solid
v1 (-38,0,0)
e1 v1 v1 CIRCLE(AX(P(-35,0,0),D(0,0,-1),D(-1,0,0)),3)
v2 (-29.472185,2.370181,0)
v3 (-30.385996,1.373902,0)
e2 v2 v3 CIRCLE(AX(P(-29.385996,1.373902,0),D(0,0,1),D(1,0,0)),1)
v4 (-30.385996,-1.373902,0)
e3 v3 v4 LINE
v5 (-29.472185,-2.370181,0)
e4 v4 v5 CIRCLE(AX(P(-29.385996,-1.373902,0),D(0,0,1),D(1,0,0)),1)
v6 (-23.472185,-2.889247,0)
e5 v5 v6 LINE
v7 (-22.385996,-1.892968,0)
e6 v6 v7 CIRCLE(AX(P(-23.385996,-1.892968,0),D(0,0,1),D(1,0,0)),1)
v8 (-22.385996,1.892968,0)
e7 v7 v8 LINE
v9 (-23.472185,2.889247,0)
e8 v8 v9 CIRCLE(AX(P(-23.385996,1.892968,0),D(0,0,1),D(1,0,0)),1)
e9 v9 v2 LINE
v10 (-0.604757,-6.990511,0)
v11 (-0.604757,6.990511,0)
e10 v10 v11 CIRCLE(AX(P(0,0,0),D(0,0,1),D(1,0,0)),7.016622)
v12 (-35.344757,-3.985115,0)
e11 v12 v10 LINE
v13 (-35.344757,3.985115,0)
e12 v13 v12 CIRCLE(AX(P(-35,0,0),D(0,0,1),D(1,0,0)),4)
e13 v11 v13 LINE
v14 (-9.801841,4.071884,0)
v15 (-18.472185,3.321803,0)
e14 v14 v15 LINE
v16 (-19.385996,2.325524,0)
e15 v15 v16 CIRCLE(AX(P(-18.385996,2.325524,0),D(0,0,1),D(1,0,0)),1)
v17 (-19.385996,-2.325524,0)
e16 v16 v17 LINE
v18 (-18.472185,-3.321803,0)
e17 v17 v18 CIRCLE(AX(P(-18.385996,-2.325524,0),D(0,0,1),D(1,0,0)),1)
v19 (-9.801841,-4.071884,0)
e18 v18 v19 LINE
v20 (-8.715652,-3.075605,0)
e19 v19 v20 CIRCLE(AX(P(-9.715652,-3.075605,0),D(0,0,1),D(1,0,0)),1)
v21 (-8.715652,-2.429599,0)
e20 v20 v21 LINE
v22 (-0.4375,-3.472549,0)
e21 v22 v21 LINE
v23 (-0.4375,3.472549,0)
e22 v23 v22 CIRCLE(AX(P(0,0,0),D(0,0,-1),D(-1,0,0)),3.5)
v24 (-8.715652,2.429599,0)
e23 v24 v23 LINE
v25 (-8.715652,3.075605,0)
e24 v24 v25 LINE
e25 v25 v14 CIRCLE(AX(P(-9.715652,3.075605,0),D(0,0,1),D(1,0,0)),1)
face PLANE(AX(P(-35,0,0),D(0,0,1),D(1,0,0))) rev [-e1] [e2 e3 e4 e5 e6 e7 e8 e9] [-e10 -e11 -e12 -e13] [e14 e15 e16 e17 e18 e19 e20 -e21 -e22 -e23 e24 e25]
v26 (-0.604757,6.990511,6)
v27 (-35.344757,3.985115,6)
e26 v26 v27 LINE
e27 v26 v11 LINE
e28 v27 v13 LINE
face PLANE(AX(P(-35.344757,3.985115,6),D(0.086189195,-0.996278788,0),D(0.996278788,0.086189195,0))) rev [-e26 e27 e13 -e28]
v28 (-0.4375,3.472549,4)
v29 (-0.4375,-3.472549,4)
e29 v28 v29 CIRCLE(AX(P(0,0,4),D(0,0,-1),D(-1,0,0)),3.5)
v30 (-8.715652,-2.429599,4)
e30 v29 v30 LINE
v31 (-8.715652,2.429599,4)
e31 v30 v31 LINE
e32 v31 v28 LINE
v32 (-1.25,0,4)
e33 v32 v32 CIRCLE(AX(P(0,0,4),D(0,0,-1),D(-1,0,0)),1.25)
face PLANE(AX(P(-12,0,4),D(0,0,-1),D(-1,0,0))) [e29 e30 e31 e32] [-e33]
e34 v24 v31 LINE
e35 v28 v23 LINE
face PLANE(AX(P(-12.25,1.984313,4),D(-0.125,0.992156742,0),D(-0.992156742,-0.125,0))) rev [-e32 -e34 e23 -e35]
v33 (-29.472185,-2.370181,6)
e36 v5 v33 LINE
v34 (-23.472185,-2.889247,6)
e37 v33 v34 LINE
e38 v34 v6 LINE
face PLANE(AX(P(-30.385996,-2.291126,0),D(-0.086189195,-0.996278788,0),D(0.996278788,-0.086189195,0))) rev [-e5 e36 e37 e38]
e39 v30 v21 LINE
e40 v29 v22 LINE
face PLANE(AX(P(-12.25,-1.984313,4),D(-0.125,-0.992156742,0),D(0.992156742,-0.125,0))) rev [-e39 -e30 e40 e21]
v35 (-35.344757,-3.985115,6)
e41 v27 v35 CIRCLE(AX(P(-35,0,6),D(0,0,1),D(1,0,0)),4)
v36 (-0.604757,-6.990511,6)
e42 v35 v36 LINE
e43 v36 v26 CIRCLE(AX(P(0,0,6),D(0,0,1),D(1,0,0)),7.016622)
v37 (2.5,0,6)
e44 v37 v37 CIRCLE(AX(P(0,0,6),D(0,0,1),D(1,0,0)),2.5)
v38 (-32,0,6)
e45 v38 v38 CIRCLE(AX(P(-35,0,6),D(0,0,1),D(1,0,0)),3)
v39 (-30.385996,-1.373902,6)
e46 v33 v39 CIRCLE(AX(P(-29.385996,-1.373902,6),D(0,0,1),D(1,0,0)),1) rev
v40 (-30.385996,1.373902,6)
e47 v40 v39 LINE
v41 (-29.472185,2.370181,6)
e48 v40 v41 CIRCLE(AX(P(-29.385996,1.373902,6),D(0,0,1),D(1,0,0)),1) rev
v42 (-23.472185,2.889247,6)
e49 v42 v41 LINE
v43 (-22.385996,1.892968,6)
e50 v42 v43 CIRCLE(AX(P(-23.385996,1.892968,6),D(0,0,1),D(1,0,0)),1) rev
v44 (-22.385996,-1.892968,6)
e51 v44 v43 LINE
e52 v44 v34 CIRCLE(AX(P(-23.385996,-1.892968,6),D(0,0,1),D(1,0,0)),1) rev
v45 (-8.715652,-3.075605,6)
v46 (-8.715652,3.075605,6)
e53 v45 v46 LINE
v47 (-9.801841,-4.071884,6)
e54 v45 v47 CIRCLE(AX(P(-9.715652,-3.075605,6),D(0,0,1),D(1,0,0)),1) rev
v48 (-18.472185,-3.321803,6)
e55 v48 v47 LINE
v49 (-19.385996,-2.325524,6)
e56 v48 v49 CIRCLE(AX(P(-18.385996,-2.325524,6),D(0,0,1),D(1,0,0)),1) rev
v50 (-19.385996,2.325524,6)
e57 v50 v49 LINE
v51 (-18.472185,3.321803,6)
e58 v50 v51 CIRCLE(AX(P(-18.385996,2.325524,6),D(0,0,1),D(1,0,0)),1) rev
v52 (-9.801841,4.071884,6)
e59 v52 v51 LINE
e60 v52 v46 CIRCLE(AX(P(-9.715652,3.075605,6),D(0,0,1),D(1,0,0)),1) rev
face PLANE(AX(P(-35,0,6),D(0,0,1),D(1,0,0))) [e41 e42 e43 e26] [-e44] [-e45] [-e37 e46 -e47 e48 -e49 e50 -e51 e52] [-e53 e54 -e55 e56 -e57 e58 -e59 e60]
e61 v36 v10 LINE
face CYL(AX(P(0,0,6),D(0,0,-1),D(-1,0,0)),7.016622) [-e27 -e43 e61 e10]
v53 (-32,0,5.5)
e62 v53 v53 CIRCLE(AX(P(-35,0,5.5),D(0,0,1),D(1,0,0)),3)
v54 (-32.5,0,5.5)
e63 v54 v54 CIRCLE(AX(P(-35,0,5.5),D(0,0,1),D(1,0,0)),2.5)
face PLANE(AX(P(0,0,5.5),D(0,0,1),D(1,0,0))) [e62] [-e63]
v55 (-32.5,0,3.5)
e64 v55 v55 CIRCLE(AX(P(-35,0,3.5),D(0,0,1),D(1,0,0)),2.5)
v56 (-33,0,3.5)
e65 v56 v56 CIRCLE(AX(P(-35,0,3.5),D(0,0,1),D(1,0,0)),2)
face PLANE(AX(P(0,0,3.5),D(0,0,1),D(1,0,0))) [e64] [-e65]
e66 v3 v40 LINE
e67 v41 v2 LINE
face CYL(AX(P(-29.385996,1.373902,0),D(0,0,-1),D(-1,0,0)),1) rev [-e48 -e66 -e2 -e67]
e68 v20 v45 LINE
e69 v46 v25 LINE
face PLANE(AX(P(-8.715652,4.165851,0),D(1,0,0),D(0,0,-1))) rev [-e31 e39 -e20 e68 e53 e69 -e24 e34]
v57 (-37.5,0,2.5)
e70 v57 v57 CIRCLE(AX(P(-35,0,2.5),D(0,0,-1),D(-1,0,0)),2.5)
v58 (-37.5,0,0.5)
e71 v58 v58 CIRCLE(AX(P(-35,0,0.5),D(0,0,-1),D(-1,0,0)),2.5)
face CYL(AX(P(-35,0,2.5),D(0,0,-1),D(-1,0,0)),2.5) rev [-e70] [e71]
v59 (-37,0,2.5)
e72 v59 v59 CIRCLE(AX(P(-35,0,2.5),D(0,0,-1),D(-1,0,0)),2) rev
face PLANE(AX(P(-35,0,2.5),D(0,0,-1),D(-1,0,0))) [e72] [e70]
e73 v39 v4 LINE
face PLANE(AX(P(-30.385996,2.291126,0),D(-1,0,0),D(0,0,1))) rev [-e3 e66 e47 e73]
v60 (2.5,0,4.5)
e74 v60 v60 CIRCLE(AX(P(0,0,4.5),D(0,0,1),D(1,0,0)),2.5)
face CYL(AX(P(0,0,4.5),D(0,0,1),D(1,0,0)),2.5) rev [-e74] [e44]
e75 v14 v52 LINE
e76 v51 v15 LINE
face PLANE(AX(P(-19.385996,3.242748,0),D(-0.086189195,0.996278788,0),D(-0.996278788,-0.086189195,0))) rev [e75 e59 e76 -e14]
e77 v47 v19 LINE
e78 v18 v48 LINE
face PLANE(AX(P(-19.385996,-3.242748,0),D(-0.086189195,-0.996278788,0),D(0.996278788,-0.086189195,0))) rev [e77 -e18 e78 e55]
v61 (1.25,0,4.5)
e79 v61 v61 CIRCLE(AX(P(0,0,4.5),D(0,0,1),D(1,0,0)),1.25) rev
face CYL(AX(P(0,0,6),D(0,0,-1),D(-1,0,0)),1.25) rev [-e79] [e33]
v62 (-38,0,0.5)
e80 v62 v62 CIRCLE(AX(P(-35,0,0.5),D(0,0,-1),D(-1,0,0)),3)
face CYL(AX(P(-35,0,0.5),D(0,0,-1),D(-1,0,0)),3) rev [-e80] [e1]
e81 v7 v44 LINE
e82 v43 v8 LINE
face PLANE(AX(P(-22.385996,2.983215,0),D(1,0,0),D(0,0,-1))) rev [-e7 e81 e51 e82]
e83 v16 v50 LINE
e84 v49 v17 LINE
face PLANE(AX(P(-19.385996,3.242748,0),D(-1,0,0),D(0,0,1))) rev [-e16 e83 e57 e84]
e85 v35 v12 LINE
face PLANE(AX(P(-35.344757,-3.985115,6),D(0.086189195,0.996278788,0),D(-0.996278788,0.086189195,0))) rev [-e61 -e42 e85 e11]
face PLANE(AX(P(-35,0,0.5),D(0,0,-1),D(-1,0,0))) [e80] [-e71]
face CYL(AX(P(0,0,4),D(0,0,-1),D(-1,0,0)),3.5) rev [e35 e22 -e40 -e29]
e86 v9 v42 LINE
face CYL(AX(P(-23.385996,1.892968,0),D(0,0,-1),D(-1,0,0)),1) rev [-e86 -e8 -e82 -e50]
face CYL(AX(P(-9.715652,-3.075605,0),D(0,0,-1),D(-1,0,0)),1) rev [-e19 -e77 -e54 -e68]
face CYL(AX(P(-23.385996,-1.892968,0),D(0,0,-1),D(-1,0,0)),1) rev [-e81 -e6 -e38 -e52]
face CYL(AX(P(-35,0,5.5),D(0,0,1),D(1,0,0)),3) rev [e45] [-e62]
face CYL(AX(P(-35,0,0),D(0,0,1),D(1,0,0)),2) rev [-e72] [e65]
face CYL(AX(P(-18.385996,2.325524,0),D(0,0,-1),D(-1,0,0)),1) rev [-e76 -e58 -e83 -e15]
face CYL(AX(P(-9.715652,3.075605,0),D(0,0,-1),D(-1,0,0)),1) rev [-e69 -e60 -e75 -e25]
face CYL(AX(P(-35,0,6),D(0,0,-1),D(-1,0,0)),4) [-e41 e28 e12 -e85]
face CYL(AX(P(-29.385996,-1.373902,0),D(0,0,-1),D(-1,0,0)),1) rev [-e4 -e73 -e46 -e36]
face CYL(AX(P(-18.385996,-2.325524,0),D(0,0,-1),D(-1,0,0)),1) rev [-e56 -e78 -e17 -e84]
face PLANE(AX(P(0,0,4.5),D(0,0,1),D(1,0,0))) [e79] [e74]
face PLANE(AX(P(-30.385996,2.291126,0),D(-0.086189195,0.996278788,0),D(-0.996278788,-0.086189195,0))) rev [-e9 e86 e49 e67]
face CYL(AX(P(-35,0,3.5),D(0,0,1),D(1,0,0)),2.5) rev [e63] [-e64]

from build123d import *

# Parameters (mm, degrees)
EXTRUDE_1_DEPTH      = 6
CUT_EXTRUDE_1_DEPTH  = 41.077836542
FILLET_1_R           = 1
SKETCH_7_R           = 2
CUT_EXTRUDE_2_DEPTH  = 41.077836542
SKETCH_7_4_R         = 2.5
SKETCH_7_4_R_2       = 2
CUT_EXTRUDE_4_DEPTH  = 2.5
SKETCH_7_5_R         = 3
SKETCH_7_5_R_2       = 2.5
CUT_EXTRUDE_5_DEPTH  = 0.5
CUT_EXTRUDE_9_DEPTH  = 4
SKETCH_13_R          = 1.25
CUT_EXTRUDE_10_DEPTH = 40.827540495
SKETCH_14_R          = 2.5
CUT_EXTRUDE_11_DEPTH = 1.5
CUT_EXTRUDE_START    = -2.5
SKETCH_15_R          = 2.5
CUT_EXTRUDE_13_DEPTH = 2.5
CUT_EXTRUDE_START_2  = -0.5
SKETCH_15_4_R        = 3
SKETCH_15_4_R_2      = 2.5
CUT_EXTRUDE_14_DEPTH = 0.5


with BuildPart() as part:
    # 草图2 → 凸台-拉伸1 (new body)
    with BuildSketch(Plane.XY):
        with BuildLine():
            Line((-35.344756781, 3.98511515), (-0.604756988, 6.99051149))
            ThreePointArc((-0.604756988, 6.99051149), (7.01662183, 0), (-0.604756988, -6.99051149))
            Line((-0.604756988, -6.99051149), (-35.344756781, -3.98511515))
            ThreePointArc((-35.344756781, -3.98511515), (-39, 0), (-35.344756781, 3.98511515))
        make_face()
    extrude(amount=EXTRUDE_1_DEPTH)

    # 草图6 → 切除-拉伸1 (cut, through all)
    with BuildSketch(Plane.XY.offset(6)):
        Polygon((-30.385995652, 2.291125705), (-22.385995652, 2.983214677), (-22.385995652, -2.983214677), (-30.385995652, -2.291125705), align=None)
        Polygon((-19.385995652, 3.242748041), (-19.385995652, -3.242748041), (-8.71565209, -4.165851428), (-8.71565209, 4.165851428), align=None)
    extrude(amount=-CUT_EXTRUDE_1_DEPTH, mode=Mode.SUBTRACT)

    # 圆角1
    fillet_1_edges = [part.edges().sort_by_distance(p)[0] for p in [
        (-8.71565209, -4.165851428, 3),
        (-8.71565209, 4.165851428, 3),
        (-19.385995652, -3.242748041, 3),
        (-19.385995652, 3.242748041, 3),
        (-22.385995652, -2.983214677, 3),
        (-22.385995652, 2.983214677, 3),
        (-30.385995652, -2.291125705, 3),
        (-30.385995652, 2.291125705, 3),
    ]]
    fillet(fillet_1_edges, radius=FILLET_1_R)

    # 草图7 → 切除-拉伸2 (cut, through all)
    with BuildSketch(Plane.XY.offset(6)):
        with Locations((-35, 0)):
            Circle(SKETCH_7_R)
    extrude(amount=-CUT_EXTRUDE_2_DEPTH, mode=Mode.SUBTRACT)

    # 草图7<4> → 切除-拉伸4 (cut)
    with BuildSketch(Plane.XY.offset(6)):
        with Locations((-35, 0)):
            Circle(SKETCH_7_4_R)
        with Locations((-35, 0)):
            Circle(SKETCH_7_4_R_2, mode=Mode.SUBTRACT)
    extrude(amount=-CUT_EXTRUDE_4_DEPTH, mode=Mode.SUBTRACT)

    # 草图7<5> → 切除-拉伸5 (cut)
    with BuildSketch(Plane.XY.offset(6)):
        with Locations((-35, 0)):
            Circle(SKETCH_7_5_R)
        with Locations((-35, 0)):
            Circle(SKETCH_7_5_R_2, mode=Mode.SUBTRACT)
    extrude(amount=-CUT_EXTRUDE_5_DEPTH, mode=Mode.SUBTRACT)

    # 草图12 → 切除-拉伸9 (cut)
    with BuildSketch(Plane(origin=(0, 0, 0), x_dir=(-1, 0, 0), z_dir=(0, 0, -1))):
        with BuildLine():
            Line((12.25, 1.984313483), (0.4375, 3.472548596))
            ThreePointArc((0.4375, 3.472548596), (-3.5, 0), (0.4375, -3.472548596))
            Line((0.4375, -3.472548596), (12.25, -1.984313483))
            ThreePointArc((12.25, -1.984313483), (14, 0), (12.25, 1.984313483))
        make_face()
    extrude(amount=-CUT_EXTRUDE_9_DEPTH, mode=Mode.SUBTRACT)

    # 草图13 → 切除-拉伸10 (cut, through all)
    with BuildSketch(Plane(origin=(0, 0, 4), x_dir=(-1, 0, 0), z_dir=(0, 0, -1))):
        Circle(SKETCH_13_R)
    extrude(amount=-CUT_EXTRUDE_10_DEPTH, mode=Mode.SUBTRACT)

    # 草图14 → 切除-拉伸11 (cut)
    with BuildSketch(Plane.XY.offset(6)):
        Circle(SKETCH_14_R)
    extrude(amount=-CUT_EXTRUDE_11_DEPTH, mode=Mode.SUBTRACT)

    # 草图15 → 切除-拉伸13 (cut)
    with BuildSketch(Plane(origin=(0, 0, 0), x_dir=(-1, 0, 0), z_dir=(0, 0, -1)).offset(CUT_EXTRUDE_START)):
        with Locations((35, 0)):
            Circle(SKETCH_15_R)
    extrude(amount=CUT_EXTRUDE_13_DEPTH, mode=Mode.SUBTRACT)

    # 草图15<4> → 切除-拉伸14 (cut)
    with BuildSketch(Plane(origin=(0, 0, 0), x_dir=(-1, 0, 0), z_dir=(0, 0, -1)).offset(CUT_EXTRUDE_START_2)):
        with Locations((35, 0)):
            Circle(SKETCH_15_4_R)
        with Locations((35, 0)):
            Circle(SKETCH_15_4_R_2, mode=Mode.SUBTRACT)
    extrude(amount=CUT_EXTRUDE_14_DEPTH, mode=Mode.SUBTRACT)


solid = part.part
